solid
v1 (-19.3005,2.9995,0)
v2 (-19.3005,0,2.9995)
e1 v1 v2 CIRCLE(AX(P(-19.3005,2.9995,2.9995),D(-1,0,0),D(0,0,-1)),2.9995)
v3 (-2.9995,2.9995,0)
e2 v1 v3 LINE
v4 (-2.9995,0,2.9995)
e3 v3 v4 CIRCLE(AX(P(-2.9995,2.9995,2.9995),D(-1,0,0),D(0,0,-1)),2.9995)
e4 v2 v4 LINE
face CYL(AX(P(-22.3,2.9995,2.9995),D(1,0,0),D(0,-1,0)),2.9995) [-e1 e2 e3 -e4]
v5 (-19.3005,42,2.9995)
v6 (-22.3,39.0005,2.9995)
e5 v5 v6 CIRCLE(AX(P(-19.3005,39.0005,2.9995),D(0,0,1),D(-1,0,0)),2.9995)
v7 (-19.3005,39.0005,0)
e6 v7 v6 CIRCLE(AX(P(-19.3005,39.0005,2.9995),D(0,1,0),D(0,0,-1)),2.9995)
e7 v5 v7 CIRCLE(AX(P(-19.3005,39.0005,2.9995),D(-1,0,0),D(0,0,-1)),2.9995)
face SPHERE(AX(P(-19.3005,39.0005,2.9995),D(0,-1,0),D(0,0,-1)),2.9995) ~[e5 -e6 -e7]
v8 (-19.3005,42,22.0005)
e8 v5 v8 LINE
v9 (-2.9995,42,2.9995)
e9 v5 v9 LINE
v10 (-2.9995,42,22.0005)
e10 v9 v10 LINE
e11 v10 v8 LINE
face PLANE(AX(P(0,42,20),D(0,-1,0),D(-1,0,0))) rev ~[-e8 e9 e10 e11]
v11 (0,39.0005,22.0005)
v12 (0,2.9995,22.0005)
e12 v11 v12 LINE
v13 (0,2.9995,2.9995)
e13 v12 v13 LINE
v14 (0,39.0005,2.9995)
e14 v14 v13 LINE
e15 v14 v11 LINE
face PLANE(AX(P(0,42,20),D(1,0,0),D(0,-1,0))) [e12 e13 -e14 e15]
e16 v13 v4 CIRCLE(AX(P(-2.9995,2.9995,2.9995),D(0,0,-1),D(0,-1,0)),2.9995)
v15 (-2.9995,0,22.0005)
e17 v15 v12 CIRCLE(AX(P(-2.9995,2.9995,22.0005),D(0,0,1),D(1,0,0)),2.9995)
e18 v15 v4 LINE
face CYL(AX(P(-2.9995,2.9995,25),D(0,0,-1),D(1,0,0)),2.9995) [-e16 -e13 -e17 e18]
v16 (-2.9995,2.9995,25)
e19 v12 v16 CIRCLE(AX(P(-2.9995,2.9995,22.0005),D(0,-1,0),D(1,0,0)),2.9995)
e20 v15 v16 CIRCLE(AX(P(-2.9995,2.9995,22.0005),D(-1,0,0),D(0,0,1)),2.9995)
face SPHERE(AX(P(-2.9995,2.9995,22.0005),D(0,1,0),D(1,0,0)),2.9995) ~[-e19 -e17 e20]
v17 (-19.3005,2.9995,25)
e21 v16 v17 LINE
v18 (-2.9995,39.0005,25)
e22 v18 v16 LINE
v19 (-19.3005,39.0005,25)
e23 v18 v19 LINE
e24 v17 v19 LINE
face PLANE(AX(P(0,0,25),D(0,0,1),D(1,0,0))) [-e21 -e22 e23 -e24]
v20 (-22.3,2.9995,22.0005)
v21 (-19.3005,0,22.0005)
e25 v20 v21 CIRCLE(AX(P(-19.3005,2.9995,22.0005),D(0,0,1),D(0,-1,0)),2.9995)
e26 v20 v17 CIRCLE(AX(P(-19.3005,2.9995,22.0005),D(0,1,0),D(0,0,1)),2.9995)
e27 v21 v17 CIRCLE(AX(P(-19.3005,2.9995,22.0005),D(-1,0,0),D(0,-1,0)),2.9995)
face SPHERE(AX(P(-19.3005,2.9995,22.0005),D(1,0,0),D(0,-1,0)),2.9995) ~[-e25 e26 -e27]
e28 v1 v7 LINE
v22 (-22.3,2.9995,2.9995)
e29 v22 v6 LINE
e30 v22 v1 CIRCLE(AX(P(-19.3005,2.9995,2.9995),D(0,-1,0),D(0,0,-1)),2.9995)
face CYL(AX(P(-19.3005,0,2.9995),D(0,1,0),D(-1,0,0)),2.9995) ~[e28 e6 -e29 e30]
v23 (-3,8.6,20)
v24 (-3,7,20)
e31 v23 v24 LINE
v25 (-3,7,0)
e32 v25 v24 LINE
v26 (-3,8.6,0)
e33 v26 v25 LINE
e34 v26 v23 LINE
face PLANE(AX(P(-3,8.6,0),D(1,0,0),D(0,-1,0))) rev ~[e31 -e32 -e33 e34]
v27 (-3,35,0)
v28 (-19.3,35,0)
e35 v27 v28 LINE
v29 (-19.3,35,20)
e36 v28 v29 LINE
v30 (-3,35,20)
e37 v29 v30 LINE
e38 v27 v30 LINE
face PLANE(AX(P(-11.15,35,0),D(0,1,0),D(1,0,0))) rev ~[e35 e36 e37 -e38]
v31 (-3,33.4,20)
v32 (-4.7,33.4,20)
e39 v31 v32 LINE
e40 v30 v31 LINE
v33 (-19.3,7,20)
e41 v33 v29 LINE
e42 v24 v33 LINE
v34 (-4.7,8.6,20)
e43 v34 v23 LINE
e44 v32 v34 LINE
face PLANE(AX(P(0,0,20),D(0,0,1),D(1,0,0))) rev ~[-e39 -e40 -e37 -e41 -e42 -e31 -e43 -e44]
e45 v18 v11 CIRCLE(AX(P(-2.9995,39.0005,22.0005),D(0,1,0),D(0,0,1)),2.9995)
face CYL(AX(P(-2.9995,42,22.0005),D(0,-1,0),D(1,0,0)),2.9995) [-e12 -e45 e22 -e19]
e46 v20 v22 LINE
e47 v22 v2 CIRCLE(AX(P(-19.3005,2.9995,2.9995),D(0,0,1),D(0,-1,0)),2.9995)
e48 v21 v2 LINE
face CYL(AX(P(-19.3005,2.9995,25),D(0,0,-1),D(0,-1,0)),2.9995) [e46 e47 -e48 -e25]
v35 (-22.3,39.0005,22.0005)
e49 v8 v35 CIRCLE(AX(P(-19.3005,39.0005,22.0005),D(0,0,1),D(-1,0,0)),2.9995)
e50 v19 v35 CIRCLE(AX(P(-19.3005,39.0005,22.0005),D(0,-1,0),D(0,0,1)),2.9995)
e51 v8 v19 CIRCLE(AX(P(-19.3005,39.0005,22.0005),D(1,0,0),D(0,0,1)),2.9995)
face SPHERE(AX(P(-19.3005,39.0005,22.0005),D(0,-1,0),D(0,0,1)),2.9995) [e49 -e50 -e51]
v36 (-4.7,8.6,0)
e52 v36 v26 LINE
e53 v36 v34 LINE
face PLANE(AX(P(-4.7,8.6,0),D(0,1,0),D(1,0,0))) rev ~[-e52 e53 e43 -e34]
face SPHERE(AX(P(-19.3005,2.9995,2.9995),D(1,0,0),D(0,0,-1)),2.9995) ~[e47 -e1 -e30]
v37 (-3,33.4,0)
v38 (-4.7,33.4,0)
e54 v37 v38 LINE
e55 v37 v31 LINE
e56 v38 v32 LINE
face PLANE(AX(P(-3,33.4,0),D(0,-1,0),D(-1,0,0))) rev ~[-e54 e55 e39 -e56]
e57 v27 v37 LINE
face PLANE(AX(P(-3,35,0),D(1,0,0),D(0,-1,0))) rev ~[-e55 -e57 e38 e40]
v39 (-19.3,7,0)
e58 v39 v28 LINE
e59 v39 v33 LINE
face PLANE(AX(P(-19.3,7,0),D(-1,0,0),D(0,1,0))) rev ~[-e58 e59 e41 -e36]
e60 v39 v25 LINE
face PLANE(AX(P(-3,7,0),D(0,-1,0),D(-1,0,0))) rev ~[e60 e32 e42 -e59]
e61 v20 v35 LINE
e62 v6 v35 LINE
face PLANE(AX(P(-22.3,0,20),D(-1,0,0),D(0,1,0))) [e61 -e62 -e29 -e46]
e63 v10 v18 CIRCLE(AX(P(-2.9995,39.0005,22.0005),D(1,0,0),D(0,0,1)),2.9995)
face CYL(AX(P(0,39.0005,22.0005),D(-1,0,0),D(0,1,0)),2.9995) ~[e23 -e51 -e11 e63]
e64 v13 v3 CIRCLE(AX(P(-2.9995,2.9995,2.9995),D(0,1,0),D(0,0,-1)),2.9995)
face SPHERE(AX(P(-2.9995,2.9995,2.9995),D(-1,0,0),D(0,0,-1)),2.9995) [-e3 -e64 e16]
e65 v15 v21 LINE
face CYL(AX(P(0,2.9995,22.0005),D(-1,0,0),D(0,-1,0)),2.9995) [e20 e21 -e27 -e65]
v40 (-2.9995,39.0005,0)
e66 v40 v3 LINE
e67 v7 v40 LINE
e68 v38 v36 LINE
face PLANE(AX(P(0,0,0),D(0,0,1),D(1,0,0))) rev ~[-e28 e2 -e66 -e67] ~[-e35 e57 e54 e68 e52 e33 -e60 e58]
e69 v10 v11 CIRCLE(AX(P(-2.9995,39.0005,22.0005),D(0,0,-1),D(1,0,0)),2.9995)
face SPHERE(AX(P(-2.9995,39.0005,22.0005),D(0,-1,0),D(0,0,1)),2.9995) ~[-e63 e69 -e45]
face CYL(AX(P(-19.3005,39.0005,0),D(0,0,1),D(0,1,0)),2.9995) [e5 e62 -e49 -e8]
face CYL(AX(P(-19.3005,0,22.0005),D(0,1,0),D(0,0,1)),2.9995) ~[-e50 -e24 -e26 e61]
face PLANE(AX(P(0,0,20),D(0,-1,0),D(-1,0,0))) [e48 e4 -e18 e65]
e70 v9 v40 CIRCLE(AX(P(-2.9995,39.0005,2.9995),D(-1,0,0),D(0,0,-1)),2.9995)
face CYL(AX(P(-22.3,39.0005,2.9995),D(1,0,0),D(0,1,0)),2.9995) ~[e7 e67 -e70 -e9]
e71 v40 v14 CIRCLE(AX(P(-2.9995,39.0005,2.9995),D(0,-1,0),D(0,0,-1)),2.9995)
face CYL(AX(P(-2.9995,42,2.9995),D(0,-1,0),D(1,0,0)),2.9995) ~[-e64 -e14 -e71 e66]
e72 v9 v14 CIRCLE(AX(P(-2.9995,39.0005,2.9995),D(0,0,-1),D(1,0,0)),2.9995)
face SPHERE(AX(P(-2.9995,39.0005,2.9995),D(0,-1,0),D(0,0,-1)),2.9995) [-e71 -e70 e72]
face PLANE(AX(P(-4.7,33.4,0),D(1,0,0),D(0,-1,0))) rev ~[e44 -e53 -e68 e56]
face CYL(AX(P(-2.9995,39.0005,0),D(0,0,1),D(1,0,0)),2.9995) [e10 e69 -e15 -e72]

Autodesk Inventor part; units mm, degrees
ref_plane "YZ Plane" through (0, 0, 0) normal (1, 0, 0) x (0, 1, 0)
ref_plane "XZ Plane" through (0, 0, 0) normal (0, 1, 0) x (-1, 0, 0)
ref_plane "XY Plane" through (0, 0, 0) normal (0, 0, 1) x (1, 0, 0)
sketch "Skizze1" plane through (0, 0, 0) normal (0, 0, 1) x (1, 0, 0)
  line L0 (0, 0) -> (-22.3, 0)
  line L1 (-22.3, 0) -> (-22.3, 42)
  line L2 (-22.3, 42) -> (0, 42)
  line L3 (0, 42) -> (0, 0)
  line L4 (-19.3, 35) -> (-3, 35)
  line L5 (-3, 35) -> (-3, 33.4)
  line L6 (-3, 33.4) -> (-4.7, 33.4)
  line L7 (-4.7, 8.6) -> (-3, 8.6)
  line L8 (-3, 8.6) -> (-3, 7)
  line L9 (-3, 7) -> (-19.3, 7)
  line L10 (-19.3, 7) -> (-19.3, 35)
  line L11 (-4.7, 33.4) -> (-4.7, 8.6)
  line L12 (-11.15, 7) -> (-11.15, 0)
  line L13 (-11.15, 35) -> (-11.15, 42)
  dimension "d1" = 42
  dimension "d2" = 16.3
  dimension "d3" = 1.6
  dimension "d6" = 1.6
  dimension "d7" = 28
  dimension "d8" = 1.7
  dimension "d10" = 3
  dimension "d17" = 16.3
  dimension "d19" = 3
extrude "Extrusion1" add sketch "Skizze1" along normal blind 20 contours L0 L12 L9 L8 L7 L11 L6 L5 L4 L13 L2 L3 | L0 L1 L2 L13 L4 L10 L9 L12
sketch "Skizze2" plane through (0, 0, 20) normal (0, 0, 1) x (1, 0, 0)
  line L0 (0, 42) -> (-22.3, 42) projected
  line L1 (-22.3, 42) -> (0, 42)
  line L2 (0, 42) -> (0, 0)
  line L3 (0, 0) -> (-22.3, 0)
  line L4 (-22.3, 0) -> (-22.3, 42)
extrude "Extrusion2" add sketch "Skizze2" along normal blind 5
fillet "Rundung1" radius 3 12 edges at (-11.15, 0, 0) (-22.3, 21, 0) (0, 21, 0) (-11.15, 42, 0) (0, 21, 25) (0, 0, 12.5) (-11.15, 0, 25) (-22.3, 0, 12.5) (-22.3, 21, 25) (-11.15, 42, 25) (0, 42, 12.5) (-22.3, 42, 12.5)
properties part number "7.3 Endhalterung Schiene"
